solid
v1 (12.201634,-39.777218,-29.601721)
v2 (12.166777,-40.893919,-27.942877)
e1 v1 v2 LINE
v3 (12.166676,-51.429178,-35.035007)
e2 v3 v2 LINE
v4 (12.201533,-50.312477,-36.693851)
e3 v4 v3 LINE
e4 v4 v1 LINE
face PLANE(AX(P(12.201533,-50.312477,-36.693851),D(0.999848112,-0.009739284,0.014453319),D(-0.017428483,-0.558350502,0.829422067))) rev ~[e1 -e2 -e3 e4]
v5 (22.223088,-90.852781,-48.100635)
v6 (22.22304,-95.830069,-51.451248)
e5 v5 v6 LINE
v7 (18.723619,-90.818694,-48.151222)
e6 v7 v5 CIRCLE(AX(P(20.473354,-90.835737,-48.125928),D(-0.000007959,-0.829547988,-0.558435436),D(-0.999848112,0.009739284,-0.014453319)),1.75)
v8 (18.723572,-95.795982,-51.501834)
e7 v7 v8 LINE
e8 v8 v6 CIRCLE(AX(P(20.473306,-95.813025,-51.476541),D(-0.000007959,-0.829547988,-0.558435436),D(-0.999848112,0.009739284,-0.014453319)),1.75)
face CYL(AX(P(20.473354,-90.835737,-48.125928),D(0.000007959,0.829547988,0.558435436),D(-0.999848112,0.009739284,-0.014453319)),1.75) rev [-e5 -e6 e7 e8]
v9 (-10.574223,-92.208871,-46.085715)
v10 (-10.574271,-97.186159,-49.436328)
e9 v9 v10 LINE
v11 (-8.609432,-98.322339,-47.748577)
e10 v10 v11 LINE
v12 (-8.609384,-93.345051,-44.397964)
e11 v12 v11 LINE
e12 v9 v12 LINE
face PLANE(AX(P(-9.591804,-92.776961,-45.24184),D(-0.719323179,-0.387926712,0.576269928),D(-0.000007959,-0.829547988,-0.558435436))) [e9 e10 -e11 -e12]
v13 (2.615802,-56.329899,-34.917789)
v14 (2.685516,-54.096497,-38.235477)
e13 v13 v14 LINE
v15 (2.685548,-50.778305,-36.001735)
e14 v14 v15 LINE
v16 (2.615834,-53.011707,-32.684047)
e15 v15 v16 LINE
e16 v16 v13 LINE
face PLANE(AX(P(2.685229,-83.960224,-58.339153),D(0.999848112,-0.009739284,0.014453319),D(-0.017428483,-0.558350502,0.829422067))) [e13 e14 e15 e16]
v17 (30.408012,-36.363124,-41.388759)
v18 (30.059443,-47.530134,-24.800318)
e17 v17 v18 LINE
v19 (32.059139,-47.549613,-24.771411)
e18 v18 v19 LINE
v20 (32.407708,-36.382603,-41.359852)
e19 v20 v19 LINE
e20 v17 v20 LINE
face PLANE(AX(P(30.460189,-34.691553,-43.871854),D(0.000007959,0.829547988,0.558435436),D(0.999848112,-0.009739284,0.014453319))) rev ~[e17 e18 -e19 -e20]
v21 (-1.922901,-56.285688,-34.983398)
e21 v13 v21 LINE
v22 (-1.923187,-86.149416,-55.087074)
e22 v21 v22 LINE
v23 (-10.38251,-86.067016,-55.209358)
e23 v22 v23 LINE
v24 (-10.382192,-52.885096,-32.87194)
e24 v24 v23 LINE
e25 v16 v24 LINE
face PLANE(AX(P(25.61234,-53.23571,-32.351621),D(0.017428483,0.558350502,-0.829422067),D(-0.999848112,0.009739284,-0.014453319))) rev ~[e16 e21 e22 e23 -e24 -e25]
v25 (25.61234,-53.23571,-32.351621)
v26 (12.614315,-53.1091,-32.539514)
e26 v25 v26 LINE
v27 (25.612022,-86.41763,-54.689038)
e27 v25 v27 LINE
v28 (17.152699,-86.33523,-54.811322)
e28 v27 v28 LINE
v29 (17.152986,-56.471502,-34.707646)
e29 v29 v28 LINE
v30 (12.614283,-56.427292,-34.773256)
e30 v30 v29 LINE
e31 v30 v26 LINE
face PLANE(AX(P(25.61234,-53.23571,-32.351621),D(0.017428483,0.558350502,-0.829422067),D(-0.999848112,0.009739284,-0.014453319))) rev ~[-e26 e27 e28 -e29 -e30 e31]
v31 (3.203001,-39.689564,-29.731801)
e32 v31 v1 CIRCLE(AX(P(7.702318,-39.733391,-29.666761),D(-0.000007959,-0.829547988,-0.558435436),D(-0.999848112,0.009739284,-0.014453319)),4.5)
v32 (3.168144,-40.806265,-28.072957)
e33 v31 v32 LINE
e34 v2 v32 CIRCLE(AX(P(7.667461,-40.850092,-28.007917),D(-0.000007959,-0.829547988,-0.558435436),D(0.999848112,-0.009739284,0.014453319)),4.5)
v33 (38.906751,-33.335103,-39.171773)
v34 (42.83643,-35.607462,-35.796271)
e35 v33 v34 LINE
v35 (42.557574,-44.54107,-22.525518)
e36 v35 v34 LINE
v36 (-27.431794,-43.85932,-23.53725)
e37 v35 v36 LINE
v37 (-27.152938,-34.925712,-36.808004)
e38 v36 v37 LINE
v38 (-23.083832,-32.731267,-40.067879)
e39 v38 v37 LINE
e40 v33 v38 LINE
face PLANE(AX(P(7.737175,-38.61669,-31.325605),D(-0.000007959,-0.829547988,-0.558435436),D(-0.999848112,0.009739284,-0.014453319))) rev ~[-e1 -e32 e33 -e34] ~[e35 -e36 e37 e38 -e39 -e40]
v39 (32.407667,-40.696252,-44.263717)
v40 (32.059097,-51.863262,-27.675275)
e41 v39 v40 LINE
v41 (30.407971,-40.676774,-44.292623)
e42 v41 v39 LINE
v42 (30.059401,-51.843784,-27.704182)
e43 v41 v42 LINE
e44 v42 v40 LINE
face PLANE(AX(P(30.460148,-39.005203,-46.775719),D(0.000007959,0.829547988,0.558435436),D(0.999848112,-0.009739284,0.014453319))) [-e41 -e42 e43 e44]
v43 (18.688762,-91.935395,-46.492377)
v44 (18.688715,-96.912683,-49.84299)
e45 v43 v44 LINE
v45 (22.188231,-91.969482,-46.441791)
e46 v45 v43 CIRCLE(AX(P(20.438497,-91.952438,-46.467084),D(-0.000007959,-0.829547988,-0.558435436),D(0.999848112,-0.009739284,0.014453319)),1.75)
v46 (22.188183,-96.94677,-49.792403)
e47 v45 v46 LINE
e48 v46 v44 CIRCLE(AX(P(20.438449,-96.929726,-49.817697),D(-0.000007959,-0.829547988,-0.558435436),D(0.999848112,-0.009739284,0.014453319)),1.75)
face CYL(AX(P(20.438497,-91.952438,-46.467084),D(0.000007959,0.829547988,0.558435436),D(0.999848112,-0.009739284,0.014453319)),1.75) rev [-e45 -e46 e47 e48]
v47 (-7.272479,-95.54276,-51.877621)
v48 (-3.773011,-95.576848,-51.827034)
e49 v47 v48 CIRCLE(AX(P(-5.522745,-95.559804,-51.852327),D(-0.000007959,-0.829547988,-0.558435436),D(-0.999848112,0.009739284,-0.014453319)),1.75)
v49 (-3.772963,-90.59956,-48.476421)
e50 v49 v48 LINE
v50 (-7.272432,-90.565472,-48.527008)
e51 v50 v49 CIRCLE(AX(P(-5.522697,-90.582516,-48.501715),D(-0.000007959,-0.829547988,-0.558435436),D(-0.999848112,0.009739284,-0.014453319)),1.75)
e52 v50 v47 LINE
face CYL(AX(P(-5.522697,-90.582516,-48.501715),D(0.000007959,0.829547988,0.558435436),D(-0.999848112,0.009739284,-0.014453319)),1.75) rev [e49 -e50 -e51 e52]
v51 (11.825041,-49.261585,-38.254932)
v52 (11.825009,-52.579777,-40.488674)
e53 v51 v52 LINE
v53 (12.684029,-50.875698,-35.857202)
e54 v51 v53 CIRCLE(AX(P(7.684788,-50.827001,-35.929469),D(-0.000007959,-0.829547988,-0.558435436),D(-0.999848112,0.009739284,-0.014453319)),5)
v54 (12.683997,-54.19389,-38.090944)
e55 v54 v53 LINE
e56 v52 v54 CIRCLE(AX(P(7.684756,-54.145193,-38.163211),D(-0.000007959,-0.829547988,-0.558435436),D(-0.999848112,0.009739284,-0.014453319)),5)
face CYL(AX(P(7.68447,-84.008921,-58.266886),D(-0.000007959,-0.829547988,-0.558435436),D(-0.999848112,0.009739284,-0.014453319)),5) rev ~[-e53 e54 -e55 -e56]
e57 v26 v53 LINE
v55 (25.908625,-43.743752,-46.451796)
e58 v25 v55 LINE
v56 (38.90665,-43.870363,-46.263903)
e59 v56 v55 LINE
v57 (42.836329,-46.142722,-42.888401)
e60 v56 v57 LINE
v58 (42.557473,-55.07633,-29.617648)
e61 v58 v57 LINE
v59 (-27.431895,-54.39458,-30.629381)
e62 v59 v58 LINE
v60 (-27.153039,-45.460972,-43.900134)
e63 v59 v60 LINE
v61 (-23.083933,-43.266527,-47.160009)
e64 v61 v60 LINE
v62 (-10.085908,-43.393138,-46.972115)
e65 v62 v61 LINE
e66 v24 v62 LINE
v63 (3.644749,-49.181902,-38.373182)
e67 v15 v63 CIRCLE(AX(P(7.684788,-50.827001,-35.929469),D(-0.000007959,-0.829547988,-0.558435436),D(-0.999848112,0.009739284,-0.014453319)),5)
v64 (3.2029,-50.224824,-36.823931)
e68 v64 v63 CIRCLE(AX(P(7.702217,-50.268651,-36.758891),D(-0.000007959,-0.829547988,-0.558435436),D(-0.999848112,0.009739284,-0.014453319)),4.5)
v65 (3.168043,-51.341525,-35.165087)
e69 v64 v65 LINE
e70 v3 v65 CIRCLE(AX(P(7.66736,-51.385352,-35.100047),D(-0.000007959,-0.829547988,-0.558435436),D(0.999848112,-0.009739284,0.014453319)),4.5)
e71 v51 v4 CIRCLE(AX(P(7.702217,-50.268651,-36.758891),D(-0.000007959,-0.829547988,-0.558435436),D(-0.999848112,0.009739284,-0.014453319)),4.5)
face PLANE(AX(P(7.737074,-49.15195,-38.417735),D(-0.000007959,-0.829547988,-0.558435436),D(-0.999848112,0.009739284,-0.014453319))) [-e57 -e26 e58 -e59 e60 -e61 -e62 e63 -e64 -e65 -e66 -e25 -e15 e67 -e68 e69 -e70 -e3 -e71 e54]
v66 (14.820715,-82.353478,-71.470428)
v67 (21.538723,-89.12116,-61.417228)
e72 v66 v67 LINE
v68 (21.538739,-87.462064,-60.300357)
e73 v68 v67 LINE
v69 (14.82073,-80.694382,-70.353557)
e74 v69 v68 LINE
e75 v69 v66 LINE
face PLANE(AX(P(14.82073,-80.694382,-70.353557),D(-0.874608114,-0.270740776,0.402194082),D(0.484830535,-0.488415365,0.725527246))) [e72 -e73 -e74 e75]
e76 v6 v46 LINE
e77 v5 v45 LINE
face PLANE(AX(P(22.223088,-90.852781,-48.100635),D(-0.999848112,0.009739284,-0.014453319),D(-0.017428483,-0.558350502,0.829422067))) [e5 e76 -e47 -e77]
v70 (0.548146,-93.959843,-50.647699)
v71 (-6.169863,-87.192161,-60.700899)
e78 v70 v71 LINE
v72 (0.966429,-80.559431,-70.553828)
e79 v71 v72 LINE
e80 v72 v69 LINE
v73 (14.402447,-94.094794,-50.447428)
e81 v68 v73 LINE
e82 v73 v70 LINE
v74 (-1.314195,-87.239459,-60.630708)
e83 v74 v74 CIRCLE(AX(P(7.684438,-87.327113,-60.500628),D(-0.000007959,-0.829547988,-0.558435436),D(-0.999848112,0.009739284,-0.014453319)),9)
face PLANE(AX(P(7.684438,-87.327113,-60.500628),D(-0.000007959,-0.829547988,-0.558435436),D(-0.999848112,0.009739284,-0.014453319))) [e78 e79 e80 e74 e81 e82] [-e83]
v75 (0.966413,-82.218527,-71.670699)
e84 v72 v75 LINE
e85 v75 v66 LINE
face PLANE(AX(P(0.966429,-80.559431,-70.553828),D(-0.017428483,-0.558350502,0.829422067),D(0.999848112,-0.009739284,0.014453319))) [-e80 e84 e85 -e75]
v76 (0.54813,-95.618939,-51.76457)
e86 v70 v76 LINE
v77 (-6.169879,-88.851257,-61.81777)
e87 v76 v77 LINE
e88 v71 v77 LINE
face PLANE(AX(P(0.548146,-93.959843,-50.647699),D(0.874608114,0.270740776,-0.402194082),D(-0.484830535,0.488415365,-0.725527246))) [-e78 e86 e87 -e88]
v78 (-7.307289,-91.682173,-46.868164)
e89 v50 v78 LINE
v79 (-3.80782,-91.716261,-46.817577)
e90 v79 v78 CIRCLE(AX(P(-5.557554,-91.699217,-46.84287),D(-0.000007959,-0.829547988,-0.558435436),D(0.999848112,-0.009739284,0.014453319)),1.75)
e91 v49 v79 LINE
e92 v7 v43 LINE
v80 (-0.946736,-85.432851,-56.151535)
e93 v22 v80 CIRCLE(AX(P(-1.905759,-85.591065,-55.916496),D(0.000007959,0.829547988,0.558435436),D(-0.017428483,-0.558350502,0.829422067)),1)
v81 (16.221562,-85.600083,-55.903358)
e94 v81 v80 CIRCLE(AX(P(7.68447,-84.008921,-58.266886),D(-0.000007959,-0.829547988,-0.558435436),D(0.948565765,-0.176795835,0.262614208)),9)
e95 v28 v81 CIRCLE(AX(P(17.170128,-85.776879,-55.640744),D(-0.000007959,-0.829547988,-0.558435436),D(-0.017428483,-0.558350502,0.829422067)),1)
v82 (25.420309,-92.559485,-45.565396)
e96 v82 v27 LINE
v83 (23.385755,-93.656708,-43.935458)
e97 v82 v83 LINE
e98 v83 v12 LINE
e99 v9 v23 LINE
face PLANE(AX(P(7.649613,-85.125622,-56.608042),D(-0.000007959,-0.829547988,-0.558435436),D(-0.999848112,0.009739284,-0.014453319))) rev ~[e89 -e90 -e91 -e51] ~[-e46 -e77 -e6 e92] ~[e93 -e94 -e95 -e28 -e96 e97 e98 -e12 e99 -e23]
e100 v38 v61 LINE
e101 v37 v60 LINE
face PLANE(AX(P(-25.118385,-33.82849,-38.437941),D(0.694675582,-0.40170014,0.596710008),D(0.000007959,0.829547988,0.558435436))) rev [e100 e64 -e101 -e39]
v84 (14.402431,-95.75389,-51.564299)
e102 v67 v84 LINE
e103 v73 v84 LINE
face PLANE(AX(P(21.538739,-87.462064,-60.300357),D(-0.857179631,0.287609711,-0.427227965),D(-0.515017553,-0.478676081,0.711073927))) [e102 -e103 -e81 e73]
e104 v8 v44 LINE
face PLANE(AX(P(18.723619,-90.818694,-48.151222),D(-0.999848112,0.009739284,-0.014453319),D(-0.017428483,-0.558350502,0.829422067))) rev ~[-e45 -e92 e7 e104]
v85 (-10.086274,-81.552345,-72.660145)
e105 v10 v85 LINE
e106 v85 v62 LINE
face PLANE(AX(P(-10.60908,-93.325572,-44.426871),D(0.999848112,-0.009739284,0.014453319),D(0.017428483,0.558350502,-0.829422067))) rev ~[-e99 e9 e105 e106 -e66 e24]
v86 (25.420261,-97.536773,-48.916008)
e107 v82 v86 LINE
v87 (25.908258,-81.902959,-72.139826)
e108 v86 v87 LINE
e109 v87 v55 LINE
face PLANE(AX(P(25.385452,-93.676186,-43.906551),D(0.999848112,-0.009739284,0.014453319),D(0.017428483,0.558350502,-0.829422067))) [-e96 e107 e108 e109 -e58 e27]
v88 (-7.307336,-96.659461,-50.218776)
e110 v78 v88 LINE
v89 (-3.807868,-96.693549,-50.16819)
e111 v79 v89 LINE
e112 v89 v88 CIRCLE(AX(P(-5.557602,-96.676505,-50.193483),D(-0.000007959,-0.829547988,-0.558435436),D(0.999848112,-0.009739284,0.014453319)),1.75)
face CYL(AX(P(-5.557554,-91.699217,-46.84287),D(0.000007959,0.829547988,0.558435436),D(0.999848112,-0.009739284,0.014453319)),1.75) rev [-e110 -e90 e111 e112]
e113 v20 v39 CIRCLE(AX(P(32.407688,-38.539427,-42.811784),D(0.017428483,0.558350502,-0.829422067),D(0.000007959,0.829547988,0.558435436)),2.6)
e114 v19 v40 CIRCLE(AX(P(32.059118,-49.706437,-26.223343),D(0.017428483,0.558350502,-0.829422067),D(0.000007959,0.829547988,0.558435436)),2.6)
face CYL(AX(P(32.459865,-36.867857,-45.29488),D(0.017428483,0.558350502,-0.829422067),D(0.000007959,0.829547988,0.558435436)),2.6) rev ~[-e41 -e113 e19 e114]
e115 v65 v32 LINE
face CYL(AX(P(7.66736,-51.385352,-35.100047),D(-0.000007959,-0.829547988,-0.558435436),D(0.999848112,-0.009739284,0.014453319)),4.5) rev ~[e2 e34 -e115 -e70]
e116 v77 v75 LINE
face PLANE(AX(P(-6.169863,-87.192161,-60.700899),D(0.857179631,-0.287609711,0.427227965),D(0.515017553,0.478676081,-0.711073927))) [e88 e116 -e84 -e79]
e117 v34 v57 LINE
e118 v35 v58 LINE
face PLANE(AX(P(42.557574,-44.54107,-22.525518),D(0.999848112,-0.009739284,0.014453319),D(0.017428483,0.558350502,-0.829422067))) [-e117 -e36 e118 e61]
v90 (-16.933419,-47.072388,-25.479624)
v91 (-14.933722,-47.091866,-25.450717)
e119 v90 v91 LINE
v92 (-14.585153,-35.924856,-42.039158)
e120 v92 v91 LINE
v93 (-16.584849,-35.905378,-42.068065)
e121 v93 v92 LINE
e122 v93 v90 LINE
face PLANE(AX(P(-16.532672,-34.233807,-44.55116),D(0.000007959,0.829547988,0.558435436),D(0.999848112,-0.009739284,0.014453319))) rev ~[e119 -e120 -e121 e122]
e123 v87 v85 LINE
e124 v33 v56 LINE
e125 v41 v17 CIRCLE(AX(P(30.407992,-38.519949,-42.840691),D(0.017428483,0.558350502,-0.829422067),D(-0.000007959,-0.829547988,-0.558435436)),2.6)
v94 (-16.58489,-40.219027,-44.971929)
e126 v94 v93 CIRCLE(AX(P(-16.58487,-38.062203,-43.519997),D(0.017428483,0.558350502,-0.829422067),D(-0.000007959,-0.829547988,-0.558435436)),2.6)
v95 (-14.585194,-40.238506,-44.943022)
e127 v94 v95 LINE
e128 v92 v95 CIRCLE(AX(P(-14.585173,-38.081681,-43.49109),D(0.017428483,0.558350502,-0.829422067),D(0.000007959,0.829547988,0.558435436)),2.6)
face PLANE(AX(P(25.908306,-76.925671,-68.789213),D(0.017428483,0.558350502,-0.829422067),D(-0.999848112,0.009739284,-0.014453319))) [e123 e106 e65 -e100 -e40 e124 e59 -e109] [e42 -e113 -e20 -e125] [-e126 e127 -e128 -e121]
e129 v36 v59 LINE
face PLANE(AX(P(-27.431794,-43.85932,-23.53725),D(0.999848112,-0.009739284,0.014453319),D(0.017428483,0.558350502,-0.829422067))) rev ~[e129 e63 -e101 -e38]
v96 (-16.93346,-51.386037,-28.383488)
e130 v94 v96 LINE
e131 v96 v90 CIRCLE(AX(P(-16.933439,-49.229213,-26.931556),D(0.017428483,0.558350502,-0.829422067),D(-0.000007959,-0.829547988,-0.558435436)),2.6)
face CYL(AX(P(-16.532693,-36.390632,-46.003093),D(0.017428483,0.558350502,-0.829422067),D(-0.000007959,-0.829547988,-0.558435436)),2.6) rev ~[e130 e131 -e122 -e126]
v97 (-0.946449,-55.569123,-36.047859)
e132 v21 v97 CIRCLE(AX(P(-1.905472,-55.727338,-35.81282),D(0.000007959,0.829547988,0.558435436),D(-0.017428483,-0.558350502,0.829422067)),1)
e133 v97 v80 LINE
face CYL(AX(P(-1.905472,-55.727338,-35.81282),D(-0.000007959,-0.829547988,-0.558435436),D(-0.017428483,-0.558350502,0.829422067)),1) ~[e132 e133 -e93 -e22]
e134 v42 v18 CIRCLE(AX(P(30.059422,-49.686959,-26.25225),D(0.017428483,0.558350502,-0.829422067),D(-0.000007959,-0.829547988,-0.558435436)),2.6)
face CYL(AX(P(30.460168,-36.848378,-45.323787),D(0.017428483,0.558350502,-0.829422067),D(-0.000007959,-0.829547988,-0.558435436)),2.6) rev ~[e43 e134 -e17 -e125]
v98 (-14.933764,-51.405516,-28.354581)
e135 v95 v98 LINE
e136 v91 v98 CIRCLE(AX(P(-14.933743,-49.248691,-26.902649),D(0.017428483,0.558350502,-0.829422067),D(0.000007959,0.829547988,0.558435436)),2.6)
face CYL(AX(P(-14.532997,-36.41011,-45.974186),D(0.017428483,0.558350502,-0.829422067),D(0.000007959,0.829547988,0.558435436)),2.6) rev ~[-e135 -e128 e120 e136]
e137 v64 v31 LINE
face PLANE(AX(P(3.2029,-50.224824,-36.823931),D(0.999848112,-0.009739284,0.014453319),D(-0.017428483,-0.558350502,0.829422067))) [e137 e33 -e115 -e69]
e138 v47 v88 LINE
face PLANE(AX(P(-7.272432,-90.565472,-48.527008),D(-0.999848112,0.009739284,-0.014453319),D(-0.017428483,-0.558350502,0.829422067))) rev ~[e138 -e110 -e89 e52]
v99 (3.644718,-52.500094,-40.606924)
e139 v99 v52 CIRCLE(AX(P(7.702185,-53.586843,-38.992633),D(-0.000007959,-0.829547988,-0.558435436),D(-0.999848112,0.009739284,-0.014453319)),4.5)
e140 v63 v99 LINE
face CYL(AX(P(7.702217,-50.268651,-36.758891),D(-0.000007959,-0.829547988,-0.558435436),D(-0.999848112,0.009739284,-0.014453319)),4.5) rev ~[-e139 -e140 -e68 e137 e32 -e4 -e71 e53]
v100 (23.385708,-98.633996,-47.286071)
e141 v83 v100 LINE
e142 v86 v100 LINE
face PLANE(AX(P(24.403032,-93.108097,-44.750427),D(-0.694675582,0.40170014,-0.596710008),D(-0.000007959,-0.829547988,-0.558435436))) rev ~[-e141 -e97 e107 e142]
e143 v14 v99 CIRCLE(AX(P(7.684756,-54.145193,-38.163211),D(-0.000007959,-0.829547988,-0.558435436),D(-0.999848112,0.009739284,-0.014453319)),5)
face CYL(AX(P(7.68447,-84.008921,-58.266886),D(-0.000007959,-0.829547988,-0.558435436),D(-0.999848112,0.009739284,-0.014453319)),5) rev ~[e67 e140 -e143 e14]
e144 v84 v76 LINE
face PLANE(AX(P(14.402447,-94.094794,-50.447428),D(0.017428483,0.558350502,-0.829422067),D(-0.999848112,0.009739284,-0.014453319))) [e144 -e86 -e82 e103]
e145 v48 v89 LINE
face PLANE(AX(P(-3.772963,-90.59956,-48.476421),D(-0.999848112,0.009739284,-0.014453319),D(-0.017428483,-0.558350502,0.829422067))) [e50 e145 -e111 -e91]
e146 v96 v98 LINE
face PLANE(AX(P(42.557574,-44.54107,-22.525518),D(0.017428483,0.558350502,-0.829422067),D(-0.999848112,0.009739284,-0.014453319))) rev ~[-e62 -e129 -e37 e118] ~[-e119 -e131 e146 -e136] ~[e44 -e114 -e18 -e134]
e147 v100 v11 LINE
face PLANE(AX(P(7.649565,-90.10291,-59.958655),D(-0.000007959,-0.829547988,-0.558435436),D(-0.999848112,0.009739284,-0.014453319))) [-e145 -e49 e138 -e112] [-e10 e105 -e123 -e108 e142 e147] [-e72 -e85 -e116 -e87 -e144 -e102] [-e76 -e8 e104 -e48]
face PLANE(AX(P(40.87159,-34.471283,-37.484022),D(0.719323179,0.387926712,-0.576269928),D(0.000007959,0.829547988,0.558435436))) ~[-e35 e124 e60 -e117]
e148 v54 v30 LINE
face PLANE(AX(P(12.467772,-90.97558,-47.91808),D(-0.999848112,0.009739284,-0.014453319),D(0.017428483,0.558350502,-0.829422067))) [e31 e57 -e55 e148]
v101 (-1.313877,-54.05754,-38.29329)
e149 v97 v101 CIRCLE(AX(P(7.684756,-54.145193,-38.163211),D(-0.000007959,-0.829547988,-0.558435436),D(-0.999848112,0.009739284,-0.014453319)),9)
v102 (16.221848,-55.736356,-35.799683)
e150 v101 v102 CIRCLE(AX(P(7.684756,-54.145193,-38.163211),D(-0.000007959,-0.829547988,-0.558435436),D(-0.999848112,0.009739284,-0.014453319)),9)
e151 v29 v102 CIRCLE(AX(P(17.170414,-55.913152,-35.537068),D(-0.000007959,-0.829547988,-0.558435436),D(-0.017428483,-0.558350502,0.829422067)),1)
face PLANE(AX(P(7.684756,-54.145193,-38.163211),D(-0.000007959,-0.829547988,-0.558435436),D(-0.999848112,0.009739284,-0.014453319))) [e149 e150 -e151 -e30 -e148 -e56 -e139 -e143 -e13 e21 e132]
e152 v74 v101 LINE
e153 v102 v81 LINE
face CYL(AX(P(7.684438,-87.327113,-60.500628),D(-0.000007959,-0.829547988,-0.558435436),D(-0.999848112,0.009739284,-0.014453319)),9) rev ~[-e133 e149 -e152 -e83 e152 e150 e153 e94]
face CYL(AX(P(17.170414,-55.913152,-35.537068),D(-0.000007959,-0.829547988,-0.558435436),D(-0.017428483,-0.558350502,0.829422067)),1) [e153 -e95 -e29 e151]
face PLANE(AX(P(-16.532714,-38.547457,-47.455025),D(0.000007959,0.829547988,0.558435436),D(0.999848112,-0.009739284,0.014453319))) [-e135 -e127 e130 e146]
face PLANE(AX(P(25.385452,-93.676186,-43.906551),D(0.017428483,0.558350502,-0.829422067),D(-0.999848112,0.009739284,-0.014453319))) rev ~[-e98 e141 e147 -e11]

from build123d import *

# Parameters (mm, degrees)
SKETCH029_W             = 70
SKETCH029_H             = 20
PAD005_DEPTH            = 12.7
SKETCH012_W             = 36
SKETCH012_H             = 17
PAD006_DEPTH            = 40
POCKET016_DEPTH         = 40
POCKET014_DEPTH         = 22.994766
SKETCH027_W             = 36
SKETCH027_H             = 30
PAD007_DEPTH            = 6
POCKET017_DEPTH         = 2
POCKET015_DEPTH         = 22
POCKET015_DEPTH_BACK    = 100
SKETCH013_R             = 9
POCKET018_DEPTH         = 40
FILLET_R                = 1
CHAMFER014_SIZE         = 2
CHAMFER013_SIZE         = 4
BODY002_ROLL_ANGLE      = -123.951696
BODY002_PITCH_ANGLE     = 0.828143
BODY002_PLACEMENT_ANGLE = 179.441913


with BuildPart() as part:
    # Sketch029 → Pad005 (new body)
    with BuildSketch(Plane.XY):
        with Locations((-8, 8)):
            Rectangle(SKETCH029_W, SKETCH029_H)
    extrude(amount=PAD005_DEPTH)

    # Sketch012 (on Face6 of Pad005) → Pad006 (join)
    with BuildSketch(Plane.XY.offset(12.7)):
        with Locations((-8, 9.5)):
            Rectangle(SKETCH012_W, SKETCH012_H)
    extrude(amount=PAD006_DEPTH)

    # Sketch028 → Pocket016 (cut)
    with BuildSketch(Plane.XY.offset(52.7)):
        with BuildLine():
            ThreePointArc((-3, 5), (-8, 10), (-13, 5))
            Line((-13, -7.39), (-13, 5))
            Line((-3, -7.39), (-13, -7.39))
            Line((-3, 5), (-3, -7.39))
        make_face()
    extrude(amount=-POCKET016_DEPTH, mode=Mode.SUBTRACT)

    # Sketch025 → Pocket014 (cut, through all)
    with BuildSketch(Plane(origin=(0, 20.993766, 0), x_dir=(-1, 0, 0), z_dir=(0, 1, 0))):
        with BuildLine():
            ThreePointArc((-16.5, 8.95), (-19.1, 6.35), (-16.5, 3.75))
            Line((-16.5, 3.75), (-14.5, 3.75))
            ThreePointArc((-14.5, 3.75), (-11.9, 6.35), (-14.5, 8.95))
            Line((-16.5, 8.95), (-14.5, 8.95))
        make_face()
        with BuildLine():
            ThreePointArc((30.5, 8.95), (27.9, 6.35), (30.5, 3.75))
            Line((30.5, 3.75), (32.5, 3.75))
            ThreePointArc((32.5, 3.75), (35.1, 6.35), (32.5, 8.95))
            Line((30.5, 8.95), (32.5, 8.95))
        make_face()
    extrude(amount=-POCKET014_DEPTH, mode=Mode.SUBTRACT)

    # Sketch027 → Pad007 (join)
    with BuildSketch(Plane.XY.offset(52.7)):
        with Locations((-8, 3)):
            Rectangle(SKETCH027_W, SKETCH027_H)
        with BuildLine():
            ThreePointArc((-19.25, -7), (-21, -5.25), (-22.75, -7))
            Line((-22.75, -7), (-22.75, -9))
            ThreePointArc((-22.75, -9), (-21, -10.75), (-19.25, -9))
            Line((-19.25, -7), (-19.25, -9))
        make_face(mode=Mode.SUBTRACT)
        with BuildLine():
            ThreePointArc((6.75, -7), (5, -5.25), (3.25, -7))
            Line((3.25, -7), (3.25, -9))
            ThreePointArc((3.25, -9), (5, -10.75), (6.75, -9))
            Line((6.75, -7), (6.75, -9))
        make_face(mode=Mode.SUBTRACT)
    extrude(amount=PAD007_DEPTH)

    # Sketch026 → Pocket017 (cut)
    with BuildSketch(Plane.XY.offset(56.7)):
        Polygon((5.856406, 5), (-1.071797, 17), (-14.928203, 17), (-21.856406, 5), (-14.928203, -7), (-1.071797, -7), align=None)
    extrude(amount=POCKET017_DEPTH, mode=Mode.SUBTRACT)

    # Sketch030 → Pocket015 (cut, two sides)
    with BuildSketch(Plane.XY.offset(12.7)) as pocket015_sk:
        with BuildLine():
            ThreePointArc((-3.5, 6), (-8, 10.5), (-12.5, 6))
            Line((-12.5, 6), (-12.5, 4))
            ThreePointArc((-12.5, 4), (-8, -0.5), (-3.5, 4))
            Line((-3.5, 6), (-3.5, 4))
        make_face()
    extrude(amount=-POCKET015_DEPTH, mode=Mode.SUBTRACT)
    extrude(pocket015_sk.sketch, amount=POCKET015_DEPTH_BACK, mode=Mode.SUBTRACT)

    # Sketch013 (on Face29 of Pocket015) → Pocket018 (cut)
    with BuildSketch(Plane.XY.offset(56.7)):
        with Locations((-8, 5)):
            Circle(SKETCH013_R)
    extrude(amount=-POCKET018_DEPTH, mode=Mode.SUBTRACT)

    # Fillet
    fillet_edges = [part.edges().sort_by_distance(p)[0] for p in [
        (0.062258, 1, 34.7),
        (-16.062258, 1, 34.7),
    ]]
    fillet(fillet_edges, radius=FILLET_R)

    # Chamfer014
    chamfer014_edges = [part.edges().sort_by_distance(p)[0] for p in [
        (10, -12, 55.7),
        (-26, -12, 55.7),
    ]]
    chamfer(chamfer014_edges, length=CHAMFER014_SIZE)

    # Chamfer013
    chamfer013_edges = [part.edges().sort_by_distance(p)[0] for p in [
        (-43, 18, 6.35),
        (27, 18, 6.35),
    ]]
    chamfer(chamfer013_edges, length=CHAMFER013_SIZE)


with BuildPart() as part_1:
    # Body002 roll: moved
    add(part.part.rotate(Axis((0, 0, 0), (1, 0, 0)), BODY002_ROLL_ANGLE))


with BuildPart() as part_2:
    # Body002 pitch: moved
    add(part_1.part.rotate(Axis((0, 0, 0), (0, 1, 0)), BODY002_PITCH_ANGLE))


with BuildPart() as part_3:
    # Body002 placement: moved
    add(part_2.part.moved(Location((-0.401038, -43.00558, -24.805855))).rotate(Axis((-0.401038, -43.00558, -24.805855), (0, 0, 1)), BODY002_PLACEMENT_ANGLE))


solid = part_3.part
